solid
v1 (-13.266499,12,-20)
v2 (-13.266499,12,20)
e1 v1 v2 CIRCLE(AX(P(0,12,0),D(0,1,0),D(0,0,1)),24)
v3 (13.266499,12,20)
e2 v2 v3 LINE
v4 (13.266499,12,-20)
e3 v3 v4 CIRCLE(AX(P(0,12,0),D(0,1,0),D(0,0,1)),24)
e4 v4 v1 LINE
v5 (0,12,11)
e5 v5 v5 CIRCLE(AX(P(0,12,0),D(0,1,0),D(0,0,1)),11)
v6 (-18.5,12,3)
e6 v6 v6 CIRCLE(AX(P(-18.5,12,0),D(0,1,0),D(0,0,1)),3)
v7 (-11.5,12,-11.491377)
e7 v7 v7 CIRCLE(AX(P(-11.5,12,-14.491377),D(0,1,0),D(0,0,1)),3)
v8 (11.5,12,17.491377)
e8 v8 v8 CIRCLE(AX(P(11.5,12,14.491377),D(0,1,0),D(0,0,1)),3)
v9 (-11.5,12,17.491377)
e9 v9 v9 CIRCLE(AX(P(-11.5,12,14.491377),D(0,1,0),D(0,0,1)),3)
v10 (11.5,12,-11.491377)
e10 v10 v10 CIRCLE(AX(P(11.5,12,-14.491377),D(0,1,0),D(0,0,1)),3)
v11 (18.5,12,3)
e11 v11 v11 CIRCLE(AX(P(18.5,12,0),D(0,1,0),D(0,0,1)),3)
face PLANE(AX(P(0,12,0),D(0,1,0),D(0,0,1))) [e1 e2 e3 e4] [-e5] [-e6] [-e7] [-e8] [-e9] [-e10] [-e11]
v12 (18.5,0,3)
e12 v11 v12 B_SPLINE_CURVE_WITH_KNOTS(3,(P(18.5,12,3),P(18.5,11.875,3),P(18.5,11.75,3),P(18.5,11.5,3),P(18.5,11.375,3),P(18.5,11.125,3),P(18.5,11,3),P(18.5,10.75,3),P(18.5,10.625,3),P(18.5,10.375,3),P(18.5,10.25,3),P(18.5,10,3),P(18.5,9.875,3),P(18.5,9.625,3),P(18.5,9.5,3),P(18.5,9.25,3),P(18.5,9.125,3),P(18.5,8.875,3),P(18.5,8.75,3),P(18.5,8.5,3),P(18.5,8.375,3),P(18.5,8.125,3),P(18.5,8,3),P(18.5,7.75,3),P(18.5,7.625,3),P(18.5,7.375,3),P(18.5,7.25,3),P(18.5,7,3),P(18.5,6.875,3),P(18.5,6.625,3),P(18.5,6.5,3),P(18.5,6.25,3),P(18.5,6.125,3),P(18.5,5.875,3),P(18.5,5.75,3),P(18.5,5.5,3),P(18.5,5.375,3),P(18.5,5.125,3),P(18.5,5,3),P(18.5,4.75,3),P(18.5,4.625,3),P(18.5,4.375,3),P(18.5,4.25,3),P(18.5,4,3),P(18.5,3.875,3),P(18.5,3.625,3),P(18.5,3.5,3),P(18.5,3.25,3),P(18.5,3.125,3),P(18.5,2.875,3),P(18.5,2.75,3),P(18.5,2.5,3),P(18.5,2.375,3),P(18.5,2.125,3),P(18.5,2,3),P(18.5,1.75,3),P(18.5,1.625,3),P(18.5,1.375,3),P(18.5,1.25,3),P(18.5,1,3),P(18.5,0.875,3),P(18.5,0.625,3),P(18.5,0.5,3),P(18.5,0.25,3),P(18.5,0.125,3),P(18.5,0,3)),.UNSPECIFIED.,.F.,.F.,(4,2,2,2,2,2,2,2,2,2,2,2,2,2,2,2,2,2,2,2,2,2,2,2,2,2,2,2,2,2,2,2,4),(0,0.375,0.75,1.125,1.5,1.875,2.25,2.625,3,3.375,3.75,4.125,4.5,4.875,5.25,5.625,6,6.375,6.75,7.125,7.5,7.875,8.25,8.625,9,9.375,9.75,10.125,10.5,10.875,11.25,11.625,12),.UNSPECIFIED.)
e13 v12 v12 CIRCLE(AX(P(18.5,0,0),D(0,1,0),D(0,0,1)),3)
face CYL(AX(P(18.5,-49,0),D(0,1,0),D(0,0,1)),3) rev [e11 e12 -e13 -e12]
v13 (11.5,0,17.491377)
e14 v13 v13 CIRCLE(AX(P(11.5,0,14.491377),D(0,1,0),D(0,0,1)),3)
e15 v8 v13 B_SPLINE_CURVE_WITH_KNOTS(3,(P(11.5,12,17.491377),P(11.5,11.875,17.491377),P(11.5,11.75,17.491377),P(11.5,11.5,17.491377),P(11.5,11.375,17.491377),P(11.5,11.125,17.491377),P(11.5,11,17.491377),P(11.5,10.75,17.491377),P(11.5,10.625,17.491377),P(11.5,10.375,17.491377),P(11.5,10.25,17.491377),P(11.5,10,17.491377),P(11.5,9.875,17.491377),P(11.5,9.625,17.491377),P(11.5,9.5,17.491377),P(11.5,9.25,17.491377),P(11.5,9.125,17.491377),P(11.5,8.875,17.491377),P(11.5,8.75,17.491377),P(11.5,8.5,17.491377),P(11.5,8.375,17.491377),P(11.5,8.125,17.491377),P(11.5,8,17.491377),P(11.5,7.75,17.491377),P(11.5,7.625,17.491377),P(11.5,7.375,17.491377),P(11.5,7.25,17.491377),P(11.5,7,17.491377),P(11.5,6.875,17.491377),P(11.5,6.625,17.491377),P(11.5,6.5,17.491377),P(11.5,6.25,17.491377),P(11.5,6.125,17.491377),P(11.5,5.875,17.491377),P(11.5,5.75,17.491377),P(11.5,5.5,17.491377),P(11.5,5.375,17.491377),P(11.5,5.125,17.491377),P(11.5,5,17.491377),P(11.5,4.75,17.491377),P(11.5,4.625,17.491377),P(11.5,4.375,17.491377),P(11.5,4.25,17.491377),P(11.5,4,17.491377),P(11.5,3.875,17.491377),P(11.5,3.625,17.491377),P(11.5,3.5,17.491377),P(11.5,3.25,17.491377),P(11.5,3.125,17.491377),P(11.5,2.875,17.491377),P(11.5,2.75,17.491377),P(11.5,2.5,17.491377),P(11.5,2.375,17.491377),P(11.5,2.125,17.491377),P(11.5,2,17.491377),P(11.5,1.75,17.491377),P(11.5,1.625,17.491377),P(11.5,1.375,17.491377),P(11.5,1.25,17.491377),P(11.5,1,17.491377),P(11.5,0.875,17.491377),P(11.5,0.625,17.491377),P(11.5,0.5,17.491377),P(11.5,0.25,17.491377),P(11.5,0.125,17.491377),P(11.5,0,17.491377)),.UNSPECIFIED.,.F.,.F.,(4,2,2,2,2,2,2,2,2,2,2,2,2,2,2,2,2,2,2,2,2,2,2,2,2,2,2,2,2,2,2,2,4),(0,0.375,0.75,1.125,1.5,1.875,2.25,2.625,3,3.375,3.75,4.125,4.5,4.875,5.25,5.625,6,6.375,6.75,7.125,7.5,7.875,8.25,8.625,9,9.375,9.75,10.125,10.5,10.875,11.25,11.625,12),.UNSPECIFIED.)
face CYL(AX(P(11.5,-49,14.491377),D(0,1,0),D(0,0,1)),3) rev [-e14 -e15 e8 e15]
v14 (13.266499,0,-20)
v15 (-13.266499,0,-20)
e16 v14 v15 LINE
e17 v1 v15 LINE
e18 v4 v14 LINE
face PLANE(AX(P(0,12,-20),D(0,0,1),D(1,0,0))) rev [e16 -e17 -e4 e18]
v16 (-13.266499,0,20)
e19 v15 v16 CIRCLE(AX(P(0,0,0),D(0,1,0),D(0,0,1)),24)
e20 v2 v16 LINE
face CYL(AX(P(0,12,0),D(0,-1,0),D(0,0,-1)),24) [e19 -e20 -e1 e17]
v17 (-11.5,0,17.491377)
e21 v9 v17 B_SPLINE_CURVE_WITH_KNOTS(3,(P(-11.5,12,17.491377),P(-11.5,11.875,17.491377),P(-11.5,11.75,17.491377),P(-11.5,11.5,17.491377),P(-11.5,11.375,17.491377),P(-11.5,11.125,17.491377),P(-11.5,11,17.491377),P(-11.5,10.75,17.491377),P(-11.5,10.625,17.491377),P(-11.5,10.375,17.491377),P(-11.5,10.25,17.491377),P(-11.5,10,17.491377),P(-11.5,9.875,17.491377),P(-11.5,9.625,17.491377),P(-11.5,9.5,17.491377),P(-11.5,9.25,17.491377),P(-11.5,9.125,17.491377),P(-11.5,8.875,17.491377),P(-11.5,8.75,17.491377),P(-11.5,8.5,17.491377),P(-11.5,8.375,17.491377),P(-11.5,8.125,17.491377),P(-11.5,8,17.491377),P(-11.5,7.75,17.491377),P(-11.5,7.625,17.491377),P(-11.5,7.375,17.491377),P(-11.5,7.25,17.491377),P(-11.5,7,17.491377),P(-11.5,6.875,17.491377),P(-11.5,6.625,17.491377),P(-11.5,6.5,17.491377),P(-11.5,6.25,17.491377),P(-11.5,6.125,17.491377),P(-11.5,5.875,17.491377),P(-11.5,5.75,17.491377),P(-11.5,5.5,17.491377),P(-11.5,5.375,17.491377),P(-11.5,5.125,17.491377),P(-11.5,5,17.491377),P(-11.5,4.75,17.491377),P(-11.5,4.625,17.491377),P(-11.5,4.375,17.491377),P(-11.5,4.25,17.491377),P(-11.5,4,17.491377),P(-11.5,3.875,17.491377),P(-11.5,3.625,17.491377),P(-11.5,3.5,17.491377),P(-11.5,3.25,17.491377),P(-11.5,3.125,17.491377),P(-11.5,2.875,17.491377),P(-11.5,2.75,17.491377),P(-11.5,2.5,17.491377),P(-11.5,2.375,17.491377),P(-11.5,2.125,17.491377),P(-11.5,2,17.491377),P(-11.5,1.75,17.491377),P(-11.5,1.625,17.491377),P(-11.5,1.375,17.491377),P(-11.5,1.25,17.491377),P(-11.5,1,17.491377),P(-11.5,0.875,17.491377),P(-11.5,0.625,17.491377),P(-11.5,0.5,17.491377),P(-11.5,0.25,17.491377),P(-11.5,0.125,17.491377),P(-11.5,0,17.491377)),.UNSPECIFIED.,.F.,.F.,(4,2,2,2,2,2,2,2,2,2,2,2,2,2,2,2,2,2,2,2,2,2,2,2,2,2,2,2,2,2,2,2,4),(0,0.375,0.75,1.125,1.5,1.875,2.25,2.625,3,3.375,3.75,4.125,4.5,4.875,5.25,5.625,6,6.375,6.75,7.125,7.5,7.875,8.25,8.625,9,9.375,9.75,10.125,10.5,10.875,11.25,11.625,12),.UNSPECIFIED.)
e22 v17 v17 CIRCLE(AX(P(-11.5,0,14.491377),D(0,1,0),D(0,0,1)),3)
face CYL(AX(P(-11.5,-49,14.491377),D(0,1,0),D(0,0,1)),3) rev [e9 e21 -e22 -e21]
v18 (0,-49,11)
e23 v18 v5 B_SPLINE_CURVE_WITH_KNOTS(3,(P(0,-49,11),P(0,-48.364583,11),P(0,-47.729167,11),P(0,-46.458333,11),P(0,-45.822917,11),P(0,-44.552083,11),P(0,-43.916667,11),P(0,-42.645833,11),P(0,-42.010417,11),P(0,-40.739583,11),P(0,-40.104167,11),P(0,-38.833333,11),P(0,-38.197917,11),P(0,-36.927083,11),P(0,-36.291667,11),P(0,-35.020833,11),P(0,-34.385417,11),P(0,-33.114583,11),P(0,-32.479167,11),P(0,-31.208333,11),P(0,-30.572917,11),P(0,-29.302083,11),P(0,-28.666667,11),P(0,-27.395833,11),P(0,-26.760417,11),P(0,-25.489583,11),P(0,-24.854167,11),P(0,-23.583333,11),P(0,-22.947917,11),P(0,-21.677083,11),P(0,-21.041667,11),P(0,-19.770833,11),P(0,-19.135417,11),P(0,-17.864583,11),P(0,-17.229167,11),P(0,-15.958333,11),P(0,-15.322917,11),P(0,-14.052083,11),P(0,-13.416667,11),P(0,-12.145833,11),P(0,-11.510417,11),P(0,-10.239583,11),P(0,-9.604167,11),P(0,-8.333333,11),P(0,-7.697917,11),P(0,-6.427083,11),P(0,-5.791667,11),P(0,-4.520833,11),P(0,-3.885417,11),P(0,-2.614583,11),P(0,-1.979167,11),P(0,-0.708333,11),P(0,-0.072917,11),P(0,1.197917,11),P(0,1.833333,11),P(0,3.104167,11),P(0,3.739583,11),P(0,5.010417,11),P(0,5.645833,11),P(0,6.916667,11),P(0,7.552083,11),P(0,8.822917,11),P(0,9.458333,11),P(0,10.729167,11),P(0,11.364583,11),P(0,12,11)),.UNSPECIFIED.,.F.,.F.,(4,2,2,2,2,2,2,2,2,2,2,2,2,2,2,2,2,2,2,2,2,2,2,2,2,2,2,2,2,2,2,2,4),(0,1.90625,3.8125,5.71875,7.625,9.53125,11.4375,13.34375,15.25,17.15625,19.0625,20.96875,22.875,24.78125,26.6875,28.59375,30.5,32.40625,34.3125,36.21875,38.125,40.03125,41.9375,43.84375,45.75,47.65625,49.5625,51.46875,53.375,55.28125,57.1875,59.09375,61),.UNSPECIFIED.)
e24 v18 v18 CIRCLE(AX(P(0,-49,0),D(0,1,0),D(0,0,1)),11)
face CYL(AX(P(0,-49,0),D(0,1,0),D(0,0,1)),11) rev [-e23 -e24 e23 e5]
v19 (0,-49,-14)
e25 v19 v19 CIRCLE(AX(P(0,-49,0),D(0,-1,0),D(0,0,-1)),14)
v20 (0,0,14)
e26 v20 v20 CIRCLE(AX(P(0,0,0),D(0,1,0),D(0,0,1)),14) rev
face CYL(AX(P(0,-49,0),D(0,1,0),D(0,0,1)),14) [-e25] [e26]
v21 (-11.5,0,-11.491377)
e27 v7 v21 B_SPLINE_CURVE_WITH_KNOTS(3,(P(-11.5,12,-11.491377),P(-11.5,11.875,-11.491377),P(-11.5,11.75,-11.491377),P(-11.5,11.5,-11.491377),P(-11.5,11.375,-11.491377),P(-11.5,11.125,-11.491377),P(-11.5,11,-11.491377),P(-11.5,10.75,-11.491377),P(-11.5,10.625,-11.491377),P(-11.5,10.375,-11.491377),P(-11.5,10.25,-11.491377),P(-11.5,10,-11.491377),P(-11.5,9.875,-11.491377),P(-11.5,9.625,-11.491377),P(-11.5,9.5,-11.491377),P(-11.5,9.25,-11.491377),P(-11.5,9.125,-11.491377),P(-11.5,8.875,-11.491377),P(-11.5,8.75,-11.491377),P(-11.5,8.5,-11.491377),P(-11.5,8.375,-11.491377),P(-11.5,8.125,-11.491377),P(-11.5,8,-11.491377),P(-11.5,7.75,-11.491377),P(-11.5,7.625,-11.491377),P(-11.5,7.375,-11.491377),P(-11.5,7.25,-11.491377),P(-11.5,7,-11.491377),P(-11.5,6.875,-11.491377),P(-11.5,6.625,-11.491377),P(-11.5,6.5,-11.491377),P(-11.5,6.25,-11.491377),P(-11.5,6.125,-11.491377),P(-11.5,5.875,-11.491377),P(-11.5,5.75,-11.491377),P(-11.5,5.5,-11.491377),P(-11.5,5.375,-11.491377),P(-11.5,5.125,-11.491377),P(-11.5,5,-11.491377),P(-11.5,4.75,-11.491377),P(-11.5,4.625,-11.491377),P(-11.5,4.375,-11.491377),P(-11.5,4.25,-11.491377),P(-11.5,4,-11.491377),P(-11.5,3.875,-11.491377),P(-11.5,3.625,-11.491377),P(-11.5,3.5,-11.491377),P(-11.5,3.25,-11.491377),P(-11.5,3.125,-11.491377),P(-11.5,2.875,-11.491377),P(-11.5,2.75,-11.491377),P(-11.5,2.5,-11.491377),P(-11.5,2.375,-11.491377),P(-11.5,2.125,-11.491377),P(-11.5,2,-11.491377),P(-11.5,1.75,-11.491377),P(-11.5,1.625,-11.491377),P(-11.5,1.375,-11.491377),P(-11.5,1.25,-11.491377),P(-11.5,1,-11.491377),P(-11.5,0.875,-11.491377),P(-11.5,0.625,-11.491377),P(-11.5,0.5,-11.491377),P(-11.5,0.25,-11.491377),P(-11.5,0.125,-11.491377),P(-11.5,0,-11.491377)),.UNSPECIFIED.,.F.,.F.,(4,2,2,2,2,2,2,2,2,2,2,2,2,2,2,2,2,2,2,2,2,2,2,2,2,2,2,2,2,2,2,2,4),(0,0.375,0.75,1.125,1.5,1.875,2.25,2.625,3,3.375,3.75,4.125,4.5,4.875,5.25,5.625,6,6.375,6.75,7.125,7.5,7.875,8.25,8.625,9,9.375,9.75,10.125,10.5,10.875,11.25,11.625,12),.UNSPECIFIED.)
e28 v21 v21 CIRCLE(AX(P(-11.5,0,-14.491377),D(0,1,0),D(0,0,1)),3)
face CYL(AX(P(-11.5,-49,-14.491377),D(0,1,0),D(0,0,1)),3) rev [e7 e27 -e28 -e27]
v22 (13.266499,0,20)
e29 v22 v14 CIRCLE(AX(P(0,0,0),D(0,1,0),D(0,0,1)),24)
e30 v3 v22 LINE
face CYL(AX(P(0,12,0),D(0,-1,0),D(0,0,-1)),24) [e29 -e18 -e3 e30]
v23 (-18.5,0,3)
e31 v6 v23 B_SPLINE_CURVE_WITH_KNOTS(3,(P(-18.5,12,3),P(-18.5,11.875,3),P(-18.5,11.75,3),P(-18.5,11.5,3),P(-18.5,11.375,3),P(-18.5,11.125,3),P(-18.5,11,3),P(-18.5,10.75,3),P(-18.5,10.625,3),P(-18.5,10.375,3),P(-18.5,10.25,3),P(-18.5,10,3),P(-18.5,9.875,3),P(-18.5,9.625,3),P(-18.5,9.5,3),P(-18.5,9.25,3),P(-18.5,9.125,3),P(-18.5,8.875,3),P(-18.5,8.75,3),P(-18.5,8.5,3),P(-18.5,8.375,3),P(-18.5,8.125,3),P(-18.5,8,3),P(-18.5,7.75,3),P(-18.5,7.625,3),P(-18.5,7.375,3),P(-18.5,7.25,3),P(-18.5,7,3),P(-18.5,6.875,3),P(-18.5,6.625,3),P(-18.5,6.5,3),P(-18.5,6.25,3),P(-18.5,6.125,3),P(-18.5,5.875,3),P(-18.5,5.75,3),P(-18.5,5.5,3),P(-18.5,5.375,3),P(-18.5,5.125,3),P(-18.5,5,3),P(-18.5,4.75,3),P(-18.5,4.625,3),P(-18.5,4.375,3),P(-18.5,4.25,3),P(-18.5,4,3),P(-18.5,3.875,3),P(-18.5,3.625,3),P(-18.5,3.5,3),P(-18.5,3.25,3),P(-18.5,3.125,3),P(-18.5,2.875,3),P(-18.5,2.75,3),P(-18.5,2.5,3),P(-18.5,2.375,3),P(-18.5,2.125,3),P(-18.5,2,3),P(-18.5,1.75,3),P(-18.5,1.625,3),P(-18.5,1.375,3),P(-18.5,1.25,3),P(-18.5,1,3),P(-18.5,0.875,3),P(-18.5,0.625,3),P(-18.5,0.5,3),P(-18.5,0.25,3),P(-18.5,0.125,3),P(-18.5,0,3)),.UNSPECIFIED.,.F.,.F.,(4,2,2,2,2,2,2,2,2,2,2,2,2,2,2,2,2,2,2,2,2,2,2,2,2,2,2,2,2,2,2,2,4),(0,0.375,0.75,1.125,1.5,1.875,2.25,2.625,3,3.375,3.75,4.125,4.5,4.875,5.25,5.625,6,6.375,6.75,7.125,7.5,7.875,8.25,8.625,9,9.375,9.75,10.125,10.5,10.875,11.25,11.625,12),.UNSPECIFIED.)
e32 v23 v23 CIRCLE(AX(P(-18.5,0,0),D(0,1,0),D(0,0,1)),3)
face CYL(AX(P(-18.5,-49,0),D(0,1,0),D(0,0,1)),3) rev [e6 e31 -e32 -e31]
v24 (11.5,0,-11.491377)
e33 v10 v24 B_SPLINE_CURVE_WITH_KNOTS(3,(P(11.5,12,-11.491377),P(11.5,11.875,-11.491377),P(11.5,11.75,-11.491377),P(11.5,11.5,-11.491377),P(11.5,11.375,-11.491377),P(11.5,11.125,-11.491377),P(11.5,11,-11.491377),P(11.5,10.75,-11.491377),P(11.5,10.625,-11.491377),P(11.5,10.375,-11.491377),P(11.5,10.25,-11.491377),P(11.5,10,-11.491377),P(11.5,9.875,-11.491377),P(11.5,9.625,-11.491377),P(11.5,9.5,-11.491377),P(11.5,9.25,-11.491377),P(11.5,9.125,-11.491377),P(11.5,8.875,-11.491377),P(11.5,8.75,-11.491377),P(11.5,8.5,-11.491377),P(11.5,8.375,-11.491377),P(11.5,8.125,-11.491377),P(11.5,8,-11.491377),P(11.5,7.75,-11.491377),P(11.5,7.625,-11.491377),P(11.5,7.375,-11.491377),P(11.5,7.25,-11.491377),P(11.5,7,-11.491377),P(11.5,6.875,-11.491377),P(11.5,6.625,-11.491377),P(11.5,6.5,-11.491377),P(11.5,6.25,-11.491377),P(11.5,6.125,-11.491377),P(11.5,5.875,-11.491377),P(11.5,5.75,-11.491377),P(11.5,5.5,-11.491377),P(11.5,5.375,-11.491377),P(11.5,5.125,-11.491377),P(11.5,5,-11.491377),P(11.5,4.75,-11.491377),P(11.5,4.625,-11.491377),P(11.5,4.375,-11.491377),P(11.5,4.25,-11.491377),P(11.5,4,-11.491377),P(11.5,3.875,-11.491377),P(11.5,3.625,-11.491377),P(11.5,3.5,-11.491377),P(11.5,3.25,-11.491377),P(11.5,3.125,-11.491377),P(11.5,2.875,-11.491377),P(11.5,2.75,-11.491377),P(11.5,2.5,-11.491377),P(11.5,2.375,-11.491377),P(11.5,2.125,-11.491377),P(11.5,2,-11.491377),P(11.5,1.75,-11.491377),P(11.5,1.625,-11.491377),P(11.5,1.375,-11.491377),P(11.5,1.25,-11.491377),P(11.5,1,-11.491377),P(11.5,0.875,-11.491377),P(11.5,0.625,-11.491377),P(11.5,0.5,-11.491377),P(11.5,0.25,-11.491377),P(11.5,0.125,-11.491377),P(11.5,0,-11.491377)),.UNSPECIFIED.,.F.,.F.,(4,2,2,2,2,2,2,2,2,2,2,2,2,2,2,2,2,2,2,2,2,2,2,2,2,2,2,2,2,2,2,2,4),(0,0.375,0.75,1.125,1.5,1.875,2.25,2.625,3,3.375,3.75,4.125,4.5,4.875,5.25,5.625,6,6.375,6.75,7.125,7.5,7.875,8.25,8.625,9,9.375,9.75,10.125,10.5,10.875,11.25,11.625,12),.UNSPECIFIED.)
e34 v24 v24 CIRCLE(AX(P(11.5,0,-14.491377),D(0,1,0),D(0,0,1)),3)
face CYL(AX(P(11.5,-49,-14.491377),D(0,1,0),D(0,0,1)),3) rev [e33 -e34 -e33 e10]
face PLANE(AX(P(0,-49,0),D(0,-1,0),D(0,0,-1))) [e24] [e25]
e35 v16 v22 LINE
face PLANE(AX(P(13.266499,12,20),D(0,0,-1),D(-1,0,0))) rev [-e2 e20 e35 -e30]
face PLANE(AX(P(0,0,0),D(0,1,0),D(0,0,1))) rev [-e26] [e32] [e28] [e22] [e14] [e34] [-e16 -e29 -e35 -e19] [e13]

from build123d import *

# Parameters (mm, degrees)
BOSS_EXTRUDE1_DEPTH = 12
SKETCH2_R           = 14
BOSS_EXTRUDE2_DEPTH = 49
SKETCH3_R           = 11
SKETCH3_R_2         = 3
CUT_EXTRUDE1_DEPTH  = 69.534662763


with BuildPart() as part:
    # Sketch1 → Boss-Extrude1 (new body)
    with BuildSketch(Plane(origin=(0, 0, 0), x_dir=(1, 0, 0), z_dir=(0, 1, 0))):
        with BuildLine():
            Line((0, 20), (13.266499161, 20))
            ThreePointArc((13.266499161, 20), (24, 0), (13.266499161, -20))
            Line((13.266499161, -20), (-13.266499161, -20))
            ThreePointArc((-13.266499161, -20), (-24, 0), (-13.266499161, 20))
            Line((-13.266499161, 20), (0, 20))
        make_face()
    extrude(amount=BOSS_EXTRUDE1_DEPTH)

    # Sketch2 → Boss-Extrude2 (add)
    with BuildSketch(Plane.XZ):
        with Locations(Location((0, 0, 0), (0, 0, 90))):
            Circle(SKETCH2_R)
    extrude(amount=BOSS_EXTRUDE2_DEPTH)

    # Sketch3 → Cut-Extrude1 (cut, through all)
    with BuildSketch(Plane(origin=(0, 12, 0), x_dir=(1, 0, 0), z_dir=(0, 1, 0))):
        with Locations(Location((0, 0, 0), (0, 0, 270))):
            Circle(SKETCH3_R)
        with Locations(Location((-11.5, 14.491376746, 0), (0, 0, 270))):
            Circle(SKETCH3_R_2)
        with Locations(Location((-18.5, 0, 0), (0, 0, 270))):
            Circle(SKETCH3_R_2)
        with Locations(Location((-11.5, -14.491376746, 0), (0, 0, 270))):
            Circle(SKETCH3_R_2)
        with Locations(Location((11.5, -14.491376746, 0), (0, 0, 270))):
            Circle(SKETCH3_R_2)
        with Locations(Location((18.5, 0, 0), (0, 0, 270))):
            Circle(SKETCH3_R_2)
        with Locations(Location((11.5, 14.491376746, 0), (0, 0, 270))):
            Circle(SKETCH3_R_2)
    extrude(amount=-CUT_EXTRUDE1_DEPTH, mode=Mode.SUBTRACT)


solid = part.part
